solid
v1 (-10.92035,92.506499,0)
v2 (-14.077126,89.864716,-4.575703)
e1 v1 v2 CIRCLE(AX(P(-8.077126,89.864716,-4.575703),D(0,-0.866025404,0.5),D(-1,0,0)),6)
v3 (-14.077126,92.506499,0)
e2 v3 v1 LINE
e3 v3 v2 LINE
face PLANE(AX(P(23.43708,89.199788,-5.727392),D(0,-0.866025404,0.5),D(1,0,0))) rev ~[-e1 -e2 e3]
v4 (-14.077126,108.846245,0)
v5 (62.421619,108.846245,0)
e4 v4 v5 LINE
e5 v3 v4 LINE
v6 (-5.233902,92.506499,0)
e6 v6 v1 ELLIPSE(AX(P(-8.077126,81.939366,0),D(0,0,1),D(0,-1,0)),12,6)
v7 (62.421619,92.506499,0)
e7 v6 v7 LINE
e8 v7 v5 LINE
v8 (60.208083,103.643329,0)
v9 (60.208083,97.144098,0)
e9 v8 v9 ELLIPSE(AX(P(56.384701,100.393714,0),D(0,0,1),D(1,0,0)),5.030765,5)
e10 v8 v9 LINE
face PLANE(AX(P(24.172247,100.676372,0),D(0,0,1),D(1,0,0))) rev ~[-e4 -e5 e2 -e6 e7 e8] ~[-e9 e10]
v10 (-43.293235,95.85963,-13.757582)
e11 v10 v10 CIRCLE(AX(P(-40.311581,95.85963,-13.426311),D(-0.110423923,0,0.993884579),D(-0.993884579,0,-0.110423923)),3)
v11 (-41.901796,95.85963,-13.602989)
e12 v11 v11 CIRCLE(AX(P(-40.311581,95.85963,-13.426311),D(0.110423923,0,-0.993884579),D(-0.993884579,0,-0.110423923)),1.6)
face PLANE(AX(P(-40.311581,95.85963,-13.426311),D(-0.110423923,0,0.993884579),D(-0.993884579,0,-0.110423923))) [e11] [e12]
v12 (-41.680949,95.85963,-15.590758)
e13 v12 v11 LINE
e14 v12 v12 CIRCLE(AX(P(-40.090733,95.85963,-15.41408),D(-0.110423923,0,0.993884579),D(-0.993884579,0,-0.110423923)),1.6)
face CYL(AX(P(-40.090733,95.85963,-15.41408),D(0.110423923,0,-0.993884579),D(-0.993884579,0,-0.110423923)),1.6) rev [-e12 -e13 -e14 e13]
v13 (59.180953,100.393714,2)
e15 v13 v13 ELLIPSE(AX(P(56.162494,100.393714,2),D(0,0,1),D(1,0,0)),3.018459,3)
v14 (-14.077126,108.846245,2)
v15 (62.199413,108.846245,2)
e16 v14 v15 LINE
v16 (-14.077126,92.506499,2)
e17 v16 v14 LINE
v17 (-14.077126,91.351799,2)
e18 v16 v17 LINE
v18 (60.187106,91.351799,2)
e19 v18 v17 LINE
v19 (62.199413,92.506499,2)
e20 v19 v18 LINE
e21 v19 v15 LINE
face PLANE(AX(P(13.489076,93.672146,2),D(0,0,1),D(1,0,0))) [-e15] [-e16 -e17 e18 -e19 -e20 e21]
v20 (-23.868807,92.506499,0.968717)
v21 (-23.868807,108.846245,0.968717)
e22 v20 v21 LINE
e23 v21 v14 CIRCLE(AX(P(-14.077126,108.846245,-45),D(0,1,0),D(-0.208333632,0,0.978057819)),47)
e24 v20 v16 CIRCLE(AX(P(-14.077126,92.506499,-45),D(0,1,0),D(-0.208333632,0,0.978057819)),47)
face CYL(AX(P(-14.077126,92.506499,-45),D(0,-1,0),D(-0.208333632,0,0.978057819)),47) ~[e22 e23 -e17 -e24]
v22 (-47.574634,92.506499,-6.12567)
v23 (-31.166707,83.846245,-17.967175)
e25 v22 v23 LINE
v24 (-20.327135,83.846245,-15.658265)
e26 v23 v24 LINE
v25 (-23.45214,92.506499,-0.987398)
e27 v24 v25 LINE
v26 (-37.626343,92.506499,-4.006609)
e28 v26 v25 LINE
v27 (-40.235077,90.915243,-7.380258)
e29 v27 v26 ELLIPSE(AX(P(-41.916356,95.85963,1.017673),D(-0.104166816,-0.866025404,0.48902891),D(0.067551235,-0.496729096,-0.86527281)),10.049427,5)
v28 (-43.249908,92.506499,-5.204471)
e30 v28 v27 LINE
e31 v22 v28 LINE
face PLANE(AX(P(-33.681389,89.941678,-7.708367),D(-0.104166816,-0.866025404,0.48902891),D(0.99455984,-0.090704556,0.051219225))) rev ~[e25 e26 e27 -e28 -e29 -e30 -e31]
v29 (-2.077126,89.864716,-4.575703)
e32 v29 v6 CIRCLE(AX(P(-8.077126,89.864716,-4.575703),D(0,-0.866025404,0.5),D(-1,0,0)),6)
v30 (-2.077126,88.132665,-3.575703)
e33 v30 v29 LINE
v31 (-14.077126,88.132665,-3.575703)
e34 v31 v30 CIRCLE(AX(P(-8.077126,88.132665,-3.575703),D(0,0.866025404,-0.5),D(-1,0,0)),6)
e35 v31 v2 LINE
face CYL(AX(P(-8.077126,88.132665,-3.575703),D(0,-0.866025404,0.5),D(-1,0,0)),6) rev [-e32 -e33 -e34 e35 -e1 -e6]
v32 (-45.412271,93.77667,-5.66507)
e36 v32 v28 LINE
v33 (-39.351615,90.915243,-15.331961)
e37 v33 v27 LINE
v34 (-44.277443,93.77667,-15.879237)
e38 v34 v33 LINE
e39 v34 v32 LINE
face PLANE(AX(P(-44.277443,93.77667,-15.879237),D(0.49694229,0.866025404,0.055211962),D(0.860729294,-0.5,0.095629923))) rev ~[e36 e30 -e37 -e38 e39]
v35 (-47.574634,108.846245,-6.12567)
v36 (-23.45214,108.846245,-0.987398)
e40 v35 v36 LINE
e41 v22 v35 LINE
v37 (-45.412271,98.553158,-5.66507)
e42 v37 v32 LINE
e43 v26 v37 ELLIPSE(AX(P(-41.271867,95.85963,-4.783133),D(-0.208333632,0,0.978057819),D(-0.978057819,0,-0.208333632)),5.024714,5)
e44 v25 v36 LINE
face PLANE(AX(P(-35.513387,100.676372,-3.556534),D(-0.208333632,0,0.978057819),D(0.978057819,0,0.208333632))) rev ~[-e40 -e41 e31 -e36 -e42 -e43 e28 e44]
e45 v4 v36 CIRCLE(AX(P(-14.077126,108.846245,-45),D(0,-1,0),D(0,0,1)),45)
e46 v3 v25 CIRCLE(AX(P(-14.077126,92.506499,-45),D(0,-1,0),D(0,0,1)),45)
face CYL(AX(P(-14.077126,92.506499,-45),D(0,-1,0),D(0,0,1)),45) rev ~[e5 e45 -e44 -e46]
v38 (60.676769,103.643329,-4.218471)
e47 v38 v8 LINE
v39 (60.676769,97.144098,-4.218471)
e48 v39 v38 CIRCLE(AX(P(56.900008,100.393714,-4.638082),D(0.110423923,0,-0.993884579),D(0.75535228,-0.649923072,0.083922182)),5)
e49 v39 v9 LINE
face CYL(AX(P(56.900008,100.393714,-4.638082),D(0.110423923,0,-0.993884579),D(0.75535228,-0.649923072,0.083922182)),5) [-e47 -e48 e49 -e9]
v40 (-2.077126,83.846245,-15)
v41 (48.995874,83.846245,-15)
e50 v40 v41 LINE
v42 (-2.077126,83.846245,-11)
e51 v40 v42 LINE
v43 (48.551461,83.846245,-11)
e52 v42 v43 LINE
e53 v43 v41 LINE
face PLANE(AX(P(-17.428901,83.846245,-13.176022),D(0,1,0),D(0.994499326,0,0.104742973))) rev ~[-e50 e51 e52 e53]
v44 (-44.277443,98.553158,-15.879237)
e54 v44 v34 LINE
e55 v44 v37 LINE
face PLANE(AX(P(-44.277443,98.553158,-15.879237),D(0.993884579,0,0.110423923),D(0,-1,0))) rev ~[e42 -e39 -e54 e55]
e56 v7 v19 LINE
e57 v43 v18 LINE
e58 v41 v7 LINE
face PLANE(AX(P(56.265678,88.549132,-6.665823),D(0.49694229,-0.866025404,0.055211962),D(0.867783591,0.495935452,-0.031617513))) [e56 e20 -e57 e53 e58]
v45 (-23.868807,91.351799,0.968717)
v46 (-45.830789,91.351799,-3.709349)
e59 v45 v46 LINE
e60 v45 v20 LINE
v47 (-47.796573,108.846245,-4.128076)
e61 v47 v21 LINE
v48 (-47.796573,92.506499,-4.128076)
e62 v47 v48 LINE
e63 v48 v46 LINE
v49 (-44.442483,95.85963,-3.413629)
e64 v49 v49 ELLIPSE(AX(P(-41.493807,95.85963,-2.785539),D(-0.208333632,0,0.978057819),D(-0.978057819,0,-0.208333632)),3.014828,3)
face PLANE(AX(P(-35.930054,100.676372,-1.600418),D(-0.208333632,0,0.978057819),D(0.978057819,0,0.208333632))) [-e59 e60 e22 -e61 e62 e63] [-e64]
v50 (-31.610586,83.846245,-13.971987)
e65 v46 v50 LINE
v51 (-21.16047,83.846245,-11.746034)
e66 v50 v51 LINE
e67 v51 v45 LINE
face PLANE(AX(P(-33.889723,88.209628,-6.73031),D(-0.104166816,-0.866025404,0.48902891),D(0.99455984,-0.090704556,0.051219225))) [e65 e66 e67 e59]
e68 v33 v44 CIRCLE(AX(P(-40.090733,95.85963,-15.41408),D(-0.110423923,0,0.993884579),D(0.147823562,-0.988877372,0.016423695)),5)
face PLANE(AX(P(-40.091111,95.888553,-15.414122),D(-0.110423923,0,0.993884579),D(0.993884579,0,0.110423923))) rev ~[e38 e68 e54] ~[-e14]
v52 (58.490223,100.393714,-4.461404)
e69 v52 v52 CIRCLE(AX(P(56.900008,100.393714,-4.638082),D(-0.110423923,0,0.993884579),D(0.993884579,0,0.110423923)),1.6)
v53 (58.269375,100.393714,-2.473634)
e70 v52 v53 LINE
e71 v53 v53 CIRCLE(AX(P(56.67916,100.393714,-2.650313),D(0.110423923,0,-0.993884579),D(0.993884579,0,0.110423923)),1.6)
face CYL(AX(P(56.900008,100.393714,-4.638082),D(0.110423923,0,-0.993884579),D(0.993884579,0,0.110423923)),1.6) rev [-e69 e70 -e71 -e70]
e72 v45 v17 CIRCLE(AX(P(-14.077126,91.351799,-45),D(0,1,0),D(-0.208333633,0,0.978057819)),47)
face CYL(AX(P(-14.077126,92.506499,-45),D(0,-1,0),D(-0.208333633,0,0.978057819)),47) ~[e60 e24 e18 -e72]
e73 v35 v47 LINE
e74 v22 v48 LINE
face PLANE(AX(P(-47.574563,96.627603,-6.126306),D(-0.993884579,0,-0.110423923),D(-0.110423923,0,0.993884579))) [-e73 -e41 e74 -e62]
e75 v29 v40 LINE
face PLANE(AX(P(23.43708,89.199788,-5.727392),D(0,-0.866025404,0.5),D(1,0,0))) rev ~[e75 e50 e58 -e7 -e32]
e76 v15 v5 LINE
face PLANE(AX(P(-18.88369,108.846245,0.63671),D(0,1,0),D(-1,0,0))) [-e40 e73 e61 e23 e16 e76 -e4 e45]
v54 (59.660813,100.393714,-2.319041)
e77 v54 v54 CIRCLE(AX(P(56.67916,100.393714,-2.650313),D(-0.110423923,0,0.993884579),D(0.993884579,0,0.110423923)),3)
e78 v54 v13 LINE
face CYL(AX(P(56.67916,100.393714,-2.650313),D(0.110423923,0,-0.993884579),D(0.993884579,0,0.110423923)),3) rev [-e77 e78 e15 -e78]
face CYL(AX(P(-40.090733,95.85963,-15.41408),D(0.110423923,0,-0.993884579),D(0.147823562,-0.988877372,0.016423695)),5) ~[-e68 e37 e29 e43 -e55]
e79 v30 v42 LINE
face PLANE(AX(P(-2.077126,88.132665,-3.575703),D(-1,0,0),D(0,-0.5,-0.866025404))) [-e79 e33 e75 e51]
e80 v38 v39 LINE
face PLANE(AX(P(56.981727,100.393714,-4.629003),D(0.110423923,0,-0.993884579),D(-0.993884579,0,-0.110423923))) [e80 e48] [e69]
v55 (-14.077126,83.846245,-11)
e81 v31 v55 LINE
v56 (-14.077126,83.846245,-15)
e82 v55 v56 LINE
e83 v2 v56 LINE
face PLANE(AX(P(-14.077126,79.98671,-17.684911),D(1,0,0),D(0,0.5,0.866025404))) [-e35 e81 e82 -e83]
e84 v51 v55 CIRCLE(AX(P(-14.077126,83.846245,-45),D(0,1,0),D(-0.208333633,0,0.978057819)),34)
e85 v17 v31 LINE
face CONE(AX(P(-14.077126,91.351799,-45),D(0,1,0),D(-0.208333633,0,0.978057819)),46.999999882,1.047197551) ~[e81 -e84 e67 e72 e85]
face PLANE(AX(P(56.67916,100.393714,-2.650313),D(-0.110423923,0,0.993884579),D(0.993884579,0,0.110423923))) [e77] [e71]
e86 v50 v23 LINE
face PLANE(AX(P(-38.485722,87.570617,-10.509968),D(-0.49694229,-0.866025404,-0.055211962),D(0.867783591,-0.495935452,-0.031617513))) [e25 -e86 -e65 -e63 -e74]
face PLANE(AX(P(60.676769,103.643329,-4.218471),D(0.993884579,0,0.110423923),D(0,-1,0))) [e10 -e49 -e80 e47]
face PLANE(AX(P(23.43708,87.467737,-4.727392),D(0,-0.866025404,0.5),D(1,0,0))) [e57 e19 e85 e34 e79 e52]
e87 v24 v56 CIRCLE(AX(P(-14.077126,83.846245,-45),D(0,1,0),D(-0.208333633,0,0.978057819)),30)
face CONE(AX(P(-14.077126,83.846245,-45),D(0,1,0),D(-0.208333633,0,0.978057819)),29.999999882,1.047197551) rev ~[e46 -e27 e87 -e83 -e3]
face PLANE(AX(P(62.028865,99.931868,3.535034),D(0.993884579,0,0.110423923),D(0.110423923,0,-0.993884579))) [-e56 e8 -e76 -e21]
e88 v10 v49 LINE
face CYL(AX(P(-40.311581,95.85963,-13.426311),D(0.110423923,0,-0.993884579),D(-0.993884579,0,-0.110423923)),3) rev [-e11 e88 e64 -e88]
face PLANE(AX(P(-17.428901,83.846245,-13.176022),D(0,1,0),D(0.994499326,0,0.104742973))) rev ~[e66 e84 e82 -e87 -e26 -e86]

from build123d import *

# Parameters (mm, degrees)
SKETCH1_W           = 76.498745459
SKETCH1_H           = 16.339745962
EXTRUDE1_DEPTH      = 2
SKETCH2_W           = 24.663668615
SKETCH2_H           = 16.339745962
EXTRUDE2_DEPTH      = 2
EXTRUDE3_DEPTH      = 16.339746
EXTRUDE4_DEPTH      = 2
EXTRUDE5_DEPTH      = 2
SKETCH6_W           = 24.021275531
SKETCH6_H           = 33.549299437
CUT_EXTRUDE2_DEPTH  = 5
SKETCH7_W           = 19.882310522
SKETCH7_H           = 22.758948474
CUT_EXTRUDE3_DEPTH  = 5
SKETCH8_W           = 89.248411888
SKETCH8_H           = 36.273905792
CUT_EXTRUDE4_DEPTH  = 5
SKETCH9_W           = 105.763953189
SKETCH9_H           = 17.720813838
CUT_EXTRUDE5_DEPTH  = 5
SKETCH10_W          = 34.758116025
SKETCH10_H          = 9.090411144
CUT_EXTRUDE6_DEPTH  = 5
SKETCH11_W          = 43.05920404
SKETCH11_H          = 32.49855368
CUT_EXTRUDE7_DEPTH  = 5
SKETCH12_W          = 30.563373624
SKETCH12_H          = 19.163652291
CUT_EXTRUDE8_DEPTH  = 5
CUT_EXTRUDE9_DEPTH  = 5
EXTRUDE6_REACH      = 127.538
SKETCH17_R          = 1.6
SKETCH18_R          = 3
CUT_EXTRUDE10_DEPTH = 46


with BuildPart() as part:
    # Sketch1 → Extrude1 (new body)
    with BuildSketch(Plane.XY):
        with Locations((24.172246601, 100.676372122)):
            Rectangle(SKETCH1_W, SKETCH1_H)
    extrude(amount=EXTRUDE1_DEPTH)



with BuildPart() as body_2:
    # Sketch2 → Extrude2 (new body)
    with BuildSketch(Plane(origin=(-0.816696373, 0, 3.834120606), x_dir=(0.9780578191404126, 0, 0.2083336324703724), z_dir=(-0.2083336324703724, -4.010680676458379e-15, 0.9780578191404126))):
        with Locations((-35.47509105, 100.676372122)):
            Rectangle(SKETCH2_W, SKETCH2_H)
    extrude(amount=EXTRUDE2_DEPTH)


with BuildPart() as part_1:
    add(part.part)

    add(body_2.part)  # Extrude3 merges body 2
    # Sketch3 → Extrude3 (add)
    with BuildSketch(Plane.XZ.offset(-92.506499141)):
        with BuildLine():
            Line((-14.077126129, 2), (-14.077126129, 0))
            ThreePointArc((-14.077126129, 0), (-18.790559922, -0.247530326), (-23.45213959, -0.987398139))
            Line((-23.45213959, -0.987398139), (-23.868806855, 0.9687175))
            ThreePointArc((-23.868806855, 0.9687175), (-19.000045868, 1.741468326), (-14.077126129, 2))
        make_face()
    extrude(amount=-EXTRUDE3_DEPTH)

    # Sketch4 → Extrude4 (add)
    with BuildSketch(Plane(origin=(0, 69.379874356, -40.056489136), x_dir=(1, 0, 0), z_dir=(1.6628191878975688e-14, -0.8660254037844406, 0.49999999999999695))):
        Polygon((48.995874099, 28.932741495), (66.339290827, 48.549555392), (-14.077126129, 48.549555392), (-14.077126129, 28.932741495), align=None)
    extrude(amount=EXTRUDE4_DEPTH)

    # Sketch5 → Extrude5 (add)
    with BuildSketch(Plane(origin=(8.140939792, 67.682405259, -38.219032255), x_dir=(0.9945598395247158, -0.09070455643384139, 0.0512192253622747), z_dir=(-0.1041668162351687, -0.866025403784443, 0.4890289095702023))):
        Polygon((-39.522656048, 25.582379856), (-28.623792922, 27.592891937), (-32.348610718, 47.784901585), (-60.160615909, 42.251632984), align=None)
    extrude(amount=EXTRUDE5_DEPTH)

    # Sketch6 → Cut-Extrude2 (cut)
    with BuildSketch(Plane(origin=(-24.396405636, 42.515816182, -2.71052281), x_dir=(0.867783590939769, 0.49593545163938957, -0.031617512598470475), z_dir=(0.4969422897034219, -0.8660254037844308, 0.05521196160555937))):
        with Locations((92.951842282, -1.018457271)):
            Rectangle(SKETCH6_W, SKETCH6_H)
    extrude(amount=CUT_EXTRUDE2_DEPTH, mode=Mode.SUBTRACT)

    # Sketch7 → Cut-Extrude3 (cut)
    with BuildSketch(Plane(origin=(61.660484884, 0, 6.850687483), x_dir=(0.11042392321111931, 2.1241172155137457e-15, -0.9938845794068167), z_dir=(0.9938845794068167, 1.91183874287404e-14, 0.11042392321111931))):
        with Locations((3.336054833, 99.931868434)):
            Rectangle(SKETCH7_W, SKETCH7_H)
    extrude(amount=CUT_EXTRUDE3_DEPTH, mode=Mode.SUBTRACT)

    # Sketch8 → Cut-Extrude4 (cut)
    with BuildSketch(Plane.XZ.offset(-83.846245103)):
        with Locations((7.257561645, -23.336285345)):
            Rectangle(SKETCH8_W, SKETCH8_H)
    extrude(amount=CUT_EXTRUDE4_DEPTH, mode=Mode.SUBTRACT)

    # Sketch9 → Cut-Extrude5 (cut)
    with BuildSketch(Plane.XY.offset(2)):
        with Locations((13.489075652, 93.672145699)):
            Rectangle(SKETCH9_W, SKETCH9_H)
    extrude(amount=CUT_EXTRUDE5_DEPTH, mode=Mode.SUBTRACT)

    # Sketch10 → Cut-Extrude6 (cut)
    with BuildSketch(Plane(origin=(-1.233363638, 0, 5.790236244), x_dir=(0.9780578191404125, 0, 0.2083336324703724), z_dir=(-0.20833363247037243, -4.0496183161323325e-15, 0.9780578191404126))):
        with Locations((-35.327877251, 93.473511189)):
            Rectangle(SKETCH10_W, SKETCH10_H)
    extrude(amount=CUT_EXTRUDE6_DEPTH, mode=Mode.SUBTRACT)

    # Sketch11 → Cut-Extrude7 (cut)
    with BuildSketch(Plane(origin=(-47.66681885, 0, -5.29594407), x_dir=(-0.11042392321111921, -2.1239244818946968e-15, 0.9938845794068167), z_dir=(-0.9938845794068167, -1.9116652705264417e-14, -0.11042392321111921))):
        with Locations((-0.835470819, 96.627603238)):
            Rectangle(SKETCH11_W, SKETCH11_H)
    extrude(amount=CUT_EXTRUDE7_DEPTH, mode=Mode.SUBTRACT)

    # Sketch12 → Cut-Extrude8 (cut)
    with BuildSketch(Plane(origin=(27.894822145, 48.612535322, 3.099208663), x_dir=(0.8677835909397874, -0.4959354516393574, -0.03161751259846775), z_dir=(-0.4969422897033898, -0.8660254037844495, -0.05521196160555938))):
        with Locations((-76.494352482, -16.060277262)):
            Rectangle(SKETCH12_W, SKETCH12_H)
    extrude(amount=CUT_EXTRUDE8_DEPTH, mode=Mode.SUBTRACT)

    # Sweep1: sweep along a curve in space
    with BuildLine() as sweep1_path:
        ThreePointArc((-23.45213959, 92.506499141, -0.987398139), (-18.790559922, 92.506499141, -0.247530326), (-14.077126129, 92.506499141, 0))
    # Sketch15 → Sweep1 (sweep)
    with BuildSketch(Plane(origin=(-22.635443217, 0, -4.821518744), x_dir=(0.2083336324703729, 4.064599859131597e-15, -0.9780578191404125), z_dir=(0.9780578191404125, 1.908195823574488e-14, 0.2083336324703729))):
        Polygon((-5.92013696, 92.506499141), (-5.92013696, 91.351798603), (7.07986304, 83.846245103), (11.07986304, 83.846245103), (-3.92013696, 92.506499141), align=None)
    sweep(path=sweep1_path.line)

    # Sketch16 → Cut-Extrude9 (cut)
    with BuildSketch(Plane(origin=(0, 67.647823548, -39.056489136), x_dir=(1, 0, 0), z_dir=(1.6740836018830237e-14, -0.8660254037844403, 0.4999999999999971))):
        with BuildLine():
            Line((-14.077126129, 24.677772288), (-14.077126129, 40.969683028))
            ThreePointArc((-14.077126129, 40.969683028), (-8.077126129, 46.969683028), (-2.077126129, 40.969683028))
            Line((-2.077126129, 40.969683028), (-2.077126129, 24.677772288))
            ThreePointArc((-2.077126129, 24.677772288), (-8.077126129, 18.677772288), (-14.077126129, 24.677772288))
        make_face()
    extrude(amount=-CUT_EXTRUDE9_DEPTH, mode=Mode.SUBTRACT)

    # Sketch17 → Extrude6 (add, up to next)
    with BuildSketch(Plane(origin=(1.202830139, 0, -10.826225801), x_dir=(0.9938845794068167, 0, 0.11042392321111931), z_dir=(-0.11042392321111931, -2.5465740627339532e-15, 0.9938845794068167)), mode=Mode.PRIVATE) as extrude6_sk1:
        with BuildLine():
            Line((-45.760115126, 98.553158182), (-45.760115126, 93.776669733))
            Line((-45.760115126, 93.776669733), (-40.803979116, 90.915243274))
            ThreePointArc((-40.803979116, 90.915243274), (-37.353292881, 98.581286318), (-45.760115126, 98.553158182))
        make_face()
        with Locations(Location((-41.547644752, 95.859630134, 0), (0, 0, 180))):
            Circle(SKETCH17_R, mode=Mode.SUBTRACT)
    extrude6_tool1 = extrude(extrude6_sk1.sketch, amount=EXTRUDE6_REACH, mode=Mode.PRIVATE) - part_1.part
    # Sketch17 → Extrude6 (add, up to next)
    with BuildSketch(Plane(origin=(1.202830139, 0, -10.826225801), x_dir=(0.9938845794068167, 0, 0.11042392321111931), z_dir=(-0.11042392321111931, -2.5465740627339532e-15, 0.9938845794068167)), mode=Mode.PRIVATE) as extrude6_sk2:
        with BuildLine():
            Line((59.839884874, 103.643328995), (59.839884874, 97.144098271))
            ThreePointArc((59.839884874, 97.144098271), (51.039884874, 100.393713633), (59.839884874, 103.643328995))
        make_face()
        with Locations((56.039884874, 100.393713633)):
            Circle(SKETCH17_R, mode=Mode.SUBTRACT)
    extrude6_tool2 = extrude(extrude6_sk2.sketch, amount=EXTRUDE6_REACH, mode=Mode.PRIVATE) - part_1.part
    add(extrude6_tool1.solids().sort_by_distance((-36.035052, 98.507498, -14.96348))[0])
    add(extrude6_tool2.solids().sort_by_distance((60.544377, 100.393714, -4.23318))[0])

    # Sketch18 → Cut-Extrude10 (cut)
    with BuildSketch(Plane(origin=(0.981982292, 0, -8.838456642), x_dir=(0.9938845794068167, 0, 0.11042392321111931), z_dir=(-0.11042392321111931, -2.5465740627339532e-15, 0.9938845794068167))):
        with Locations(Location((-41.547644752, 95.859630134, 0), (0, 0, 180))):
            Circle(SKETCH18_R)
        with Locations((56.039884874, 100.393713633)):
            Circle(SKETCH18_R)
    extrude(amount=CUT_EXTRUDE10_DEPTH, mode=Mode.SUBTRACT)


solid = part_1.part
